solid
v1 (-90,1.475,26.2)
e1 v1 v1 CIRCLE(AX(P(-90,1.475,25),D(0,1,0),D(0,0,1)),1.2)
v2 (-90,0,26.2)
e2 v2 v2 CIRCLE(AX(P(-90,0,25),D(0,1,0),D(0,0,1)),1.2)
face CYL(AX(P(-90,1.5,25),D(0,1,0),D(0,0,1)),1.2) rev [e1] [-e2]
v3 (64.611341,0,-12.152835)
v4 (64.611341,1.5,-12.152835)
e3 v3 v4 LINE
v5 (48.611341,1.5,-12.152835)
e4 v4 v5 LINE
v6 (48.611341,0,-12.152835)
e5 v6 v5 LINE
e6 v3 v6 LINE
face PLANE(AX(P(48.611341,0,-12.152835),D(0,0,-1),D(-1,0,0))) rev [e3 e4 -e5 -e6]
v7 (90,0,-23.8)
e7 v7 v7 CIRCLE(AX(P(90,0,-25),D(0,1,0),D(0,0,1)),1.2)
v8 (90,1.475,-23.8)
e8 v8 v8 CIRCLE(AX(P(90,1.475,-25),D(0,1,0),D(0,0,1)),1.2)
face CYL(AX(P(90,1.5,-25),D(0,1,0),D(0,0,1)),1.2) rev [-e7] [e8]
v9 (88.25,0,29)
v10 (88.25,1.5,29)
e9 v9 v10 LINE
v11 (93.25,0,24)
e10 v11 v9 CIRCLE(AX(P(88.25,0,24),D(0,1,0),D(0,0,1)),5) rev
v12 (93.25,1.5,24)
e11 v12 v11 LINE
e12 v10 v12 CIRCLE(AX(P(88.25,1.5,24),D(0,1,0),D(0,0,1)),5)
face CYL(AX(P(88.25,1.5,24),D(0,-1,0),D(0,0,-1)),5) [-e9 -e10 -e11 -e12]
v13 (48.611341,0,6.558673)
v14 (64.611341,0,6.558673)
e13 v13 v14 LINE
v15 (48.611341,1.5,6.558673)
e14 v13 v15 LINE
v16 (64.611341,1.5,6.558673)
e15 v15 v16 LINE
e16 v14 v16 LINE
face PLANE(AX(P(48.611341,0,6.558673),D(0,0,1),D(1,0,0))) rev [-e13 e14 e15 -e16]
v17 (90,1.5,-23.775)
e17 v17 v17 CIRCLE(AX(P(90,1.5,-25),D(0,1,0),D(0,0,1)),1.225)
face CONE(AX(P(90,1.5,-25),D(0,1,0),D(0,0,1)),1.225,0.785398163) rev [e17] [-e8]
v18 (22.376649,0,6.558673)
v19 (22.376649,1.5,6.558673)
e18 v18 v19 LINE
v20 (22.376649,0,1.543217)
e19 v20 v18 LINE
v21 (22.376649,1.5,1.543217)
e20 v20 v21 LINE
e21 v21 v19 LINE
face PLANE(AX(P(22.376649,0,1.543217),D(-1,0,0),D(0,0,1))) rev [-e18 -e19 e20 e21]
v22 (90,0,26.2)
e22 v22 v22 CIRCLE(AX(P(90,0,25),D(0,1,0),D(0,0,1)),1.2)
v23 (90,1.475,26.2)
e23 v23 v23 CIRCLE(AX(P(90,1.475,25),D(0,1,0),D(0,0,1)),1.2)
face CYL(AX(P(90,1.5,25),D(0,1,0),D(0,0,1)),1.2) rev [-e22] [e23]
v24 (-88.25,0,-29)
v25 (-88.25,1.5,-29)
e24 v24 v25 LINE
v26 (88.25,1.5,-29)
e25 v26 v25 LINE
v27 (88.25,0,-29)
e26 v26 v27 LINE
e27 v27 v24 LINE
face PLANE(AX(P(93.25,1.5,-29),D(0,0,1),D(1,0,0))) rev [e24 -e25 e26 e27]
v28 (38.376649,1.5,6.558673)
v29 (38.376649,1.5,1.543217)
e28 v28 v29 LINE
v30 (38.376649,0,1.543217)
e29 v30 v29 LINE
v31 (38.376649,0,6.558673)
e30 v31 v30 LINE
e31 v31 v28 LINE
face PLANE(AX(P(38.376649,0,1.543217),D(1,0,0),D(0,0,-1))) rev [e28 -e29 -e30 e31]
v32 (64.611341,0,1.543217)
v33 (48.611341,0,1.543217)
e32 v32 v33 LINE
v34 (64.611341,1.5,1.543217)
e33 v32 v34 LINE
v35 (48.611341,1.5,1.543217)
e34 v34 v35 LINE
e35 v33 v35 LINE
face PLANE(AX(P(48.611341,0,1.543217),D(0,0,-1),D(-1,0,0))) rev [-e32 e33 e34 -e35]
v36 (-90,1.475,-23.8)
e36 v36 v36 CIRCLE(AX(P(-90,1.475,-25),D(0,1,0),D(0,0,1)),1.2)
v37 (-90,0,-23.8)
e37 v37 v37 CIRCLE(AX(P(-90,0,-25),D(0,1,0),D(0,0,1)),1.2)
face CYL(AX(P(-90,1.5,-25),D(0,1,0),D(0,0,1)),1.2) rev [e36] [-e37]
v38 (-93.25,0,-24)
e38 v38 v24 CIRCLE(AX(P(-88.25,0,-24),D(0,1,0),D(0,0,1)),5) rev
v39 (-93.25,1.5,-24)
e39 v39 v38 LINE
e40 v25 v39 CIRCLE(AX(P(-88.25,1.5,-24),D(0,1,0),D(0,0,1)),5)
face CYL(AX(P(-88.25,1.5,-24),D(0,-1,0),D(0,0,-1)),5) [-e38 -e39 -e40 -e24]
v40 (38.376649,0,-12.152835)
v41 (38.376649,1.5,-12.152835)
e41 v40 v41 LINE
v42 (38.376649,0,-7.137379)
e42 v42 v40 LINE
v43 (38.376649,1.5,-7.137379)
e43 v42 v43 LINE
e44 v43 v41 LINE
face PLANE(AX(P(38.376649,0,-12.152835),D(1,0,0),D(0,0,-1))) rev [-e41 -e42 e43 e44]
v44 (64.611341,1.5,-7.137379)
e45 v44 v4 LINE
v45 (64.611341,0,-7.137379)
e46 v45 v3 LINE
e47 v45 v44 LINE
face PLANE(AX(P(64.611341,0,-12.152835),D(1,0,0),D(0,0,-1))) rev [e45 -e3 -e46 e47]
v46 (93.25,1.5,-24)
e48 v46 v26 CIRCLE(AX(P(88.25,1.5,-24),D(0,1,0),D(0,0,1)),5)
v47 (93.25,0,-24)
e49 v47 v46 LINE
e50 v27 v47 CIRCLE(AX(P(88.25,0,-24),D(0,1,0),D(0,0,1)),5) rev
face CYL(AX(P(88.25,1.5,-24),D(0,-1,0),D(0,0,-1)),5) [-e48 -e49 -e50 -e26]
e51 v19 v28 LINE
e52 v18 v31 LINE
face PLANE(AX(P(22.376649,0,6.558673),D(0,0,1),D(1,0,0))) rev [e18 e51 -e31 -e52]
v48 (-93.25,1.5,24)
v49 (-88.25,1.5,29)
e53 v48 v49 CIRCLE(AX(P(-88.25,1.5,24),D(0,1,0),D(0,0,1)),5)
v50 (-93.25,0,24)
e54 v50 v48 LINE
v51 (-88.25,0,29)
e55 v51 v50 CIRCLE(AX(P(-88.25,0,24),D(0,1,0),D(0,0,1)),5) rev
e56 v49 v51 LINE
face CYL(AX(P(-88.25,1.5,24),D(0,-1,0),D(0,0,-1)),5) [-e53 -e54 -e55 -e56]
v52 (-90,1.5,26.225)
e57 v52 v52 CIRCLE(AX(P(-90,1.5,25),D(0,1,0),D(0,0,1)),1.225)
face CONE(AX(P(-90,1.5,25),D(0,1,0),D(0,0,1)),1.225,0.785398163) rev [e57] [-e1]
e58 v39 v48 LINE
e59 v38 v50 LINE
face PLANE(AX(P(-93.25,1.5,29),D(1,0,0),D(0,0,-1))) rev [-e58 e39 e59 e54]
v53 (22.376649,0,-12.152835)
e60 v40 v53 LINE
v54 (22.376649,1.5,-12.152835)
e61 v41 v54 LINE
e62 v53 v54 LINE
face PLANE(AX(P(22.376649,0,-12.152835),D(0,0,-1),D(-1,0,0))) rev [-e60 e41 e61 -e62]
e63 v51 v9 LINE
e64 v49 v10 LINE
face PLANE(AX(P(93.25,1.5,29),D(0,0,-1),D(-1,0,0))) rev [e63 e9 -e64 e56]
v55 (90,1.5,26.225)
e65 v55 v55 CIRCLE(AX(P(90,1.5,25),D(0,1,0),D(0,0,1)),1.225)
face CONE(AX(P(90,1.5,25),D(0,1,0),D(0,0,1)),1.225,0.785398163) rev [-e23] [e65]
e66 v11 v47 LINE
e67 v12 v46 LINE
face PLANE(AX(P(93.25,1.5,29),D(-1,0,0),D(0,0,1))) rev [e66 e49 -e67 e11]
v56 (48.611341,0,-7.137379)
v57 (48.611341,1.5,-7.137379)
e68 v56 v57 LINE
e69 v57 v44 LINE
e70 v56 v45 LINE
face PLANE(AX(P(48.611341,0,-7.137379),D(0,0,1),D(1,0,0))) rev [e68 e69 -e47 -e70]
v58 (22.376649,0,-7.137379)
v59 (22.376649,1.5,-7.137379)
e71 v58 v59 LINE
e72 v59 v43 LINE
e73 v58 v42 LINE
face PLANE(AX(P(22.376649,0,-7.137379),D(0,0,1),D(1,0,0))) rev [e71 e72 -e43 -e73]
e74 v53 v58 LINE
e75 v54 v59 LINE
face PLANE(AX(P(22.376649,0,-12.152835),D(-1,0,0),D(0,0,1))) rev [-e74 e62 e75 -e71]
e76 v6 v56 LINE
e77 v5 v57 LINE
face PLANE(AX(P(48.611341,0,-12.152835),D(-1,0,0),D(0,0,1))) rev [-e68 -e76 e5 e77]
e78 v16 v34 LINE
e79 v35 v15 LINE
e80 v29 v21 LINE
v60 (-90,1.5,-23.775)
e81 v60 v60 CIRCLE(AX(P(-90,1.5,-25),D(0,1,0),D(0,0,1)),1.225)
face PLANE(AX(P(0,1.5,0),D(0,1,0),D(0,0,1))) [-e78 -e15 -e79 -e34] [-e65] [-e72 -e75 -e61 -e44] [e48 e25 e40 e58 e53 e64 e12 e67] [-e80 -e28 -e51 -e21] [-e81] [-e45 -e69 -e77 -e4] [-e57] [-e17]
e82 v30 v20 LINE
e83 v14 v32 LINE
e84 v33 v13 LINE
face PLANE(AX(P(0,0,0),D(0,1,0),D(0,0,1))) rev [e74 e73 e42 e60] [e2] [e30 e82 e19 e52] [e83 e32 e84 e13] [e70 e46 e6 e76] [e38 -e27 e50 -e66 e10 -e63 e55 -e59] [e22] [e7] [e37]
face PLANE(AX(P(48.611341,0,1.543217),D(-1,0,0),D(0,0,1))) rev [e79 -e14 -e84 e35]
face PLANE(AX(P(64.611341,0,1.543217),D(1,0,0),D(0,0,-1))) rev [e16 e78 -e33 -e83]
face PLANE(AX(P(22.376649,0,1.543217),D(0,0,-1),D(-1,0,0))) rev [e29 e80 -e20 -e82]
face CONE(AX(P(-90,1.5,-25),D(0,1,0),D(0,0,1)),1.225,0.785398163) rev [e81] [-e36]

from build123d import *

# Parameters (mm, degrees)
SKETCH1_W                      = 186.5
SKETCH1_H                      = 58
BOSS_EXTRUDE1_DEPTH            = 1.5
FILLET1_R                      = 5
M2_CLEARANCE_HOLE1_D           = 2.4
M2_CLEARANCE_HOLE1_CSINK_D     = 2.45
M2_CLEARANCE_HOLE1_CSINK_ANGLE = 90
SKETCH4_W                      = 16
SKETCH4_H                      = 5.015455786
CUT_EXTRUDE1_DEPTH             = 98.666844425


with BuildPart() as part:
    # Sketch1 → Boss-Extrude1 (new body)
    with BuildSketch(Plane(origin=(0, 0, 0), x_dir=(1, 0, 0), z_dir=(0, 1, 0))):
        Rectangle(SKETCH1_W, SKETCH1_H)
    extrude(amount=BOSS_EXTRUDE1_DEPTH)

    # Fillet1
    fillet1_edges = [part.edges().sort_by_distance(p)[0] for p in [
        (-93.25, 0.75, -29),
        (93.25, 0.75, -29),
        (93.25, 0.75, 29),
        (-93.25, 0.75, 29),
    ]]
    fillet(fillet1_edges, radius=FILLET1_R)

    # M2 Clearance Hole1 (through all)
    with Locations(Plane(origin=(0, 1.5, 0), x_dir=(1, 0, 0), z_dir=(0, 1, 0))):
        with Locations((-90, 25), (90, 25), (90, -25), (-90, -25)):
            CounterSinkHole(M2_CLEARANCE_HOLE1_D / 2, M2_CLEARANCE_HOLE1_CSINK_D / 2, counter_sink_angle=M2_CLEARANCE_HOLE1_CSINK_ANGLE)

    # Sketch4 → Cut-Extrude1 (cut, through all)
    with BuildSketch(Plane(origin=(0, 1.5, 0), x_dir=(1, 0, 0), z_dir=(0, 1, 0))):
        with Locations((30.376648893, 9.645107281)):
            Rectangle(SKETCH4_W, SKETCH4_H)
        with Locations((56.611340698, 9.645107281)):
            Rectangle(SKETCH4_W, SKETCH4_H)
        with Locations((30.376648893, -4.050945058)):
            Rectangle(SKETCH4_W, SKETCH4_H)
        with Locations((56.611340698, -4.050945058)):
            Rectangle(SKETCH4_W, SKETCH4_H)
    extrude(amount=-CUT_EXTRUDE1_DEPTH, mode=Mode.SUBTRACT)


solid = part.part
